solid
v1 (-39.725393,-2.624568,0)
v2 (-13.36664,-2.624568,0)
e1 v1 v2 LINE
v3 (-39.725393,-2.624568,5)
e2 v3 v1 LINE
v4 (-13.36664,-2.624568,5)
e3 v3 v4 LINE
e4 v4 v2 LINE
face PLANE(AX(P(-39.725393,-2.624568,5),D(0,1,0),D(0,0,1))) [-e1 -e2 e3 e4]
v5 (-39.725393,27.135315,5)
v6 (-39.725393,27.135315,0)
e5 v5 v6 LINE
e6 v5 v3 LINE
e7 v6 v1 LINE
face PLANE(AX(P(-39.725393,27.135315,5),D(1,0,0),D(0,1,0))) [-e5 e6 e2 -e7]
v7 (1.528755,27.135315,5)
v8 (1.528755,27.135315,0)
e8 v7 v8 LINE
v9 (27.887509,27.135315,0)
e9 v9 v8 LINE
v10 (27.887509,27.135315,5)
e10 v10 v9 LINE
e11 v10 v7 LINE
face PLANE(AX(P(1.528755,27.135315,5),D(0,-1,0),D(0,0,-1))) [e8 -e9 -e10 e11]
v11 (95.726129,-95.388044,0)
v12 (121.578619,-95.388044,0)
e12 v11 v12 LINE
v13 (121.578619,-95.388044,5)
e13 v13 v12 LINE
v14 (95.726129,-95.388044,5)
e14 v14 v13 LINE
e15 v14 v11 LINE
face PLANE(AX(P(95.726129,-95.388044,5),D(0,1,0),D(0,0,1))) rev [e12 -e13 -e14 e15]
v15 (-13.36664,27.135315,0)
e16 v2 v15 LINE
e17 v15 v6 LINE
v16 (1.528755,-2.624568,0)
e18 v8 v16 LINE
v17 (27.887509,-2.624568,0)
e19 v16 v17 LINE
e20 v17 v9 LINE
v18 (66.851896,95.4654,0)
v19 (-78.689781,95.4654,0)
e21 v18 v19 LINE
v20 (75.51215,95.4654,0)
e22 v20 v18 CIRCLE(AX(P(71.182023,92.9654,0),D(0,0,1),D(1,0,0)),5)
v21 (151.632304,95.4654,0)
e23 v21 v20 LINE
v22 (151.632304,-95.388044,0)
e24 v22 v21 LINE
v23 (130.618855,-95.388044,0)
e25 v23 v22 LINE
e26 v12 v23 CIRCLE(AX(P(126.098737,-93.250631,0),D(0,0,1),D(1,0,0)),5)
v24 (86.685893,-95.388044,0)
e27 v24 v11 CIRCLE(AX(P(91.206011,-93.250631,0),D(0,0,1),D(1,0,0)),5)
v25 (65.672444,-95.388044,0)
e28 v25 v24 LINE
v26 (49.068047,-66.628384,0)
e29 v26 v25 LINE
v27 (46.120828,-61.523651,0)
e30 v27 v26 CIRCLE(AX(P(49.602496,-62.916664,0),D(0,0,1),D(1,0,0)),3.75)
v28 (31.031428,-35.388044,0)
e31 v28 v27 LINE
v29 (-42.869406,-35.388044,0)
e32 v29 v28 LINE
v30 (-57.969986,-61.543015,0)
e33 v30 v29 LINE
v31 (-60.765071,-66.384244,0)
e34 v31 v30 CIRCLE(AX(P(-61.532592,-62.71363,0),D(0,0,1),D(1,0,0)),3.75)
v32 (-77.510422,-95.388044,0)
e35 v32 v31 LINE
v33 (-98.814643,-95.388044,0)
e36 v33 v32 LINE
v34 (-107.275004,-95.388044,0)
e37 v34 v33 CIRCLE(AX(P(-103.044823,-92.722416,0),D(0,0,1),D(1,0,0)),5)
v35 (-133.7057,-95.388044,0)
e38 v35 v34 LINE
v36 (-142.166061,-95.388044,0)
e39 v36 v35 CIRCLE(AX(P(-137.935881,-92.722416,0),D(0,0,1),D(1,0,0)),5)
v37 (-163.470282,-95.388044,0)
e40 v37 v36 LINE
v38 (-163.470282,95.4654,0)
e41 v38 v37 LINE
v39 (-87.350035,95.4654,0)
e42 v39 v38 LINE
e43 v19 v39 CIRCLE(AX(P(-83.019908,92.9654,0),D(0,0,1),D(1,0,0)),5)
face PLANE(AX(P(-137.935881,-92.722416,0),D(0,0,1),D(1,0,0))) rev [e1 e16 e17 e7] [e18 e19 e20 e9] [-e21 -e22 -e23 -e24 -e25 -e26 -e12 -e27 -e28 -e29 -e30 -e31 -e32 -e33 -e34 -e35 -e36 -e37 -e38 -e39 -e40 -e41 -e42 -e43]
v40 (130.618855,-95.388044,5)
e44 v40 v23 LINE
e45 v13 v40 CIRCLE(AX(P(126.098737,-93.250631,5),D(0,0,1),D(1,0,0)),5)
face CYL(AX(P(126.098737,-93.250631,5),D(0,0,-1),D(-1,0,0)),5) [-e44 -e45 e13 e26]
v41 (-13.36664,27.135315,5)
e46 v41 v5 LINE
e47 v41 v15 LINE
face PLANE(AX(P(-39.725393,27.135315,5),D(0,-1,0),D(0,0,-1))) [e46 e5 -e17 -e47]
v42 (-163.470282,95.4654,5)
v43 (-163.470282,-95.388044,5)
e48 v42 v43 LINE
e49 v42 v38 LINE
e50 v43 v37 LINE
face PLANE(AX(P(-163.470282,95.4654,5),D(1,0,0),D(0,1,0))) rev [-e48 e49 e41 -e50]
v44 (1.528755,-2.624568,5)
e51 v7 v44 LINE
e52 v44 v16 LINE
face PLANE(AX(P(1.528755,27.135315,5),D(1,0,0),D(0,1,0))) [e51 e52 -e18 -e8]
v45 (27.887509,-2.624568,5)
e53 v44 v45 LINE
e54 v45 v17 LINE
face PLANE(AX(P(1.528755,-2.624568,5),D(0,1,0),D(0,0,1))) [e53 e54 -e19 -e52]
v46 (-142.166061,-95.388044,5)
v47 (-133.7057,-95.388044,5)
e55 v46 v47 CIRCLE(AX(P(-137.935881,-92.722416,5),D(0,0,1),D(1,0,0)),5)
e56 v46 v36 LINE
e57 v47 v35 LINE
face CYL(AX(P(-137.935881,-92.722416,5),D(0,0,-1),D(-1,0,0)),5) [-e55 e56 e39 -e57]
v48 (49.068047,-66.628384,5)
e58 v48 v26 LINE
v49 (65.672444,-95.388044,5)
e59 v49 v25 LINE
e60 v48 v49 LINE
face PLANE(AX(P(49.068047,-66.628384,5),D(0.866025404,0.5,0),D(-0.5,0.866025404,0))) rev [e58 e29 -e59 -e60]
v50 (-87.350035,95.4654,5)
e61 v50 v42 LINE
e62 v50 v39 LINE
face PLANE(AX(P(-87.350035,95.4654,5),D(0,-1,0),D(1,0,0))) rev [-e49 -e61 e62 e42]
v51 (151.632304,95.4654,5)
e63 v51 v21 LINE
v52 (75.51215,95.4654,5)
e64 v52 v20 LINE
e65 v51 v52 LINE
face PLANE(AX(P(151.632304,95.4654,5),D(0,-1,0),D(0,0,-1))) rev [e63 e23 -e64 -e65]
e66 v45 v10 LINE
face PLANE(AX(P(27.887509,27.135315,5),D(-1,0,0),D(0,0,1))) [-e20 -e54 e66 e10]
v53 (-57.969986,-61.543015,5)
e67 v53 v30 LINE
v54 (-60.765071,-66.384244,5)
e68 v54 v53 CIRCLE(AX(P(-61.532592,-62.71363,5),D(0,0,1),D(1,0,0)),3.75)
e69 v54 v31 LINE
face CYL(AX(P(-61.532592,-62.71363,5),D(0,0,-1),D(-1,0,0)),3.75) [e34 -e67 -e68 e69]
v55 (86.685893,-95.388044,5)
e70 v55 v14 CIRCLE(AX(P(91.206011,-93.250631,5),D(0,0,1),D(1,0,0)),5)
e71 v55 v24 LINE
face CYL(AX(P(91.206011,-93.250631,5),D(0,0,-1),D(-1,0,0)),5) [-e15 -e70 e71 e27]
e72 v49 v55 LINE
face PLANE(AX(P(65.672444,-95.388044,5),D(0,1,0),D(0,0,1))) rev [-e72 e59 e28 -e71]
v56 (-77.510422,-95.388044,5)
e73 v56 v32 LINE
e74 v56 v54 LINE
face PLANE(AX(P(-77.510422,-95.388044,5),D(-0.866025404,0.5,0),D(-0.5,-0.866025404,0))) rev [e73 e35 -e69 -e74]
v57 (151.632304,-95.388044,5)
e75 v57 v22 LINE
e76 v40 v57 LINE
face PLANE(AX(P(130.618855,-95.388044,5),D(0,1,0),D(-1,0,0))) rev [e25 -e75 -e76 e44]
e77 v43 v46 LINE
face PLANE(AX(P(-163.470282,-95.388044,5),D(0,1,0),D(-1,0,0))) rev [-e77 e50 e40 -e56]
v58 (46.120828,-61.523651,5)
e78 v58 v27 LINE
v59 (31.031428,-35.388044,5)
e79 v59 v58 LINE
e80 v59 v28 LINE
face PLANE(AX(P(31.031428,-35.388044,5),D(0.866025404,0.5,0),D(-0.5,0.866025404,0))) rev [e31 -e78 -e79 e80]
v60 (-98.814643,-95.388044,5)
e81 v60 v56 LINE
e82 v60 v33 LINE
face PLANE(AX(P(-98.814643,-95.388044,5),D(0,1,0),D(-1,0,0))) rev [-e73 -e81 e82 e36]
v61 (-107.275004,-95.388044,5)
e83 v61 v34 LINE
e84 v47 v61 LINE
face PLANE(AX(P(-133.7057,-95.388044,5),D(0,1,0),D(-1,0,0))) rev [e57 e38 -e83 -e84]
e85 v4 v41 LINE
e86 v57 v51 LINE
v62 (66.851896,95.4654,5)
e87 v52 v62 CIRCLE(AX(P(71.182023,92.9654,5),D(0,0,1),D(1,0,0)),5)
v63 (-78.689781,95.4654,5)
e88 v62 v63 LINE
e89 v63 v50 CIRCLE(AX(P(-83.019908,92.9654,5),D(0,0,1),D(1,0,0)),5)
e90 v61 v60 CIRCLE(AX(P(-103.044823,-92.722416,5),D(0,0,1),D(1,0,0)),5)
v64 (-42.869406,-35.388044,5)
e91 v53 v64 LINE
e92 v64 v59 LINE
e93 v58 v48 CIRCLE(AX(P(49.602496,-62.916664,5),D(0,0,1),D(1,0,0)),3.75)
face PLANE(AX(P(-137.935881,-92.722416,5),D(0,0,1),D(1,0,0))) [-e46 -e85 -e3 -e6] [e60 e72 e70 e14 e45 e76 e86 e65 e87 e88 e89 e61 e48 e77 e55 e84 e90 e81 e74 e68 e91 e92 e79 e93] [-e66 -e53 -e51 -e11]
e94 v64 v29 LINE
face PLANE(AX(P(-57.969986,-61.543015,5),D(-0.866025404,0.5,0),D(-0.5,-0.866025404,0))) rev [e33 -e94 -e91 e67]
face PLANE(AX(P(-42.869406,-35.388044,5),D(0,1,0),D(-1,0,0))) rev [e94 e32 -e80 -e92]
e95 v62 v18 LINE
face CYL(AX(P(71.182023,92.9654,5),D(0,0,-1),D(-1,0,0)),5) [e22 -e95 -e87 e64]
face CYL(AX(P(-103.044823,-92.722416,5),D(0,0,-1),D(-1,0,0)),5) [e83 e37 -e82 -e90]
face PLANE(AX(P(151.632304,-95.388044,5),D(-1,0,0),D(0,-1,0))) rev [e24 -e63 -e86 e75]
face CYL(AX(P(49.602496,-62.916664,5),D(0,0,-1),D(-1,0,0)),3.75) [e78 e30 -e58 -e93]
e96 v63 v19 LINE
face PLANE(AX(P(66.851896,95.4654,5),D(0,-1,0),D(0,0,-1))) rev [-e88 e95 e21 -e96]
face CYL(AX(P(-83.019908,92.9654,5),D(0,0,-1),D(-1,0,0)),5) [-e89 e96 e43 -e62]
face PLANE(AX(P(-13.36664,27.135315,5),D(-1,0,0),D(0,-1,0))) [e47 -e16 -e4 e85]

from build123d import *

# Parameters (mm, degrees)
SKETCH1_W           = 26.358753283
SKETCH1_H           = 29.759882739
BOSS_EXTRUDE1_DEPTH = 5


with BuildPart() as part:
    # Sketch1 → Boss-Extrude1 (new body)
    with BuildSketch(Plane.XY):
        with BuildLine():
            Line((-133.705700246, -95.388044307), (-107.275003874, -95.388044307))
            ThreePointArc((-107.275003874, -95.388044307), (-103.044823488, -97.722416069), (-98.814643102, -95.388044307))
            Line((-98.814643102, -95.388044307), (-77.510422411, -95.388044307))
            Line((-77.510422411, -95.388044307), (-60.765070658, -66.384244279))
            ThreePointArc((-60.765070658, -66.384244279), (-58.284996417, -64.588629688), (-57.969985686, -61.543015096))
            Line((-57.969985686, -61.543015096), (-42.86940626, -35.388044307))
            Line((-42.86940626, -35.388044307), (31.031428196, -35.388044307))
            Line((31.031428196, -35.388044307), (46.120827825, -61.523651119))
            ThreePointArc((46.120827825, -61.523651119), (46.354900962, -64.791664092), (49.068046647, -66.628383861))
            Line((49.068046647, -66.628383861), (65.672444348, -95.388044307))
            Line((65.672444348, -95.388044307), (86.685893367, -95.388044307))
            ThreePointArc((86.685893367, -95.388044307), (91.206010968, -98.250630713), (95.726128569, -95.388044307))
            Line((95.726128569, -95.388044307), (121.578619423, -95.388044307))
            ThreePointArc((121.578619423, -95.388044307), (126.098737025, -98.250630713), (130.618854626, -95.388044307))
            Line((130.618854626, -95.388044307), (151.632303645, -95.388044307))
            Line((151.632303645, -95.388044307), (151.632303645, 95.46540018))
            Line((151.632303645, 95.46540018), (75.512150198, 95.46540018))
            ThreePointArc((75.512150198, 95.46540018), (71.182023179, 97.96540018), (66.85189616, 95.46540018))
            Line((66.85189616, 95.46540018), (-78.689780736, 95.46540018))
            ThreePointArc((-78.689780736, 95.46540018), (-83.019907754, 97.96540018), (-87.350034773, 95.46540018))
            Line((-87.350034773, 95.46540018), (-163.470281709, 95.46540018))
            Line((-163.470281709, 95.46540018), (-163.470281709, -95.388044307))
            Line((-163.470281709, -95.388044307), (-142.166061018, -95.388044307))
            ThreePointArc((-142.166061018, -95.388044307), (-137.935880632, -97.722416069), (-133.705700246, -95.388044307))
        make_face()
        with Locations((-26.546016438, 12.255373732)):
            Rectangle(SKETCH1_W, SKETCH1_H, mode=Mode.SUBTRACT)
        with Locations((14.708131863, 12.255373732)):
            Rectangle(SKETCH1_W, SKETCH1_H, mode=Mode.SUBTRACT)
    extrude(amount=BOSS_EXTRUDE1_DEPTH)


solid = part.part
